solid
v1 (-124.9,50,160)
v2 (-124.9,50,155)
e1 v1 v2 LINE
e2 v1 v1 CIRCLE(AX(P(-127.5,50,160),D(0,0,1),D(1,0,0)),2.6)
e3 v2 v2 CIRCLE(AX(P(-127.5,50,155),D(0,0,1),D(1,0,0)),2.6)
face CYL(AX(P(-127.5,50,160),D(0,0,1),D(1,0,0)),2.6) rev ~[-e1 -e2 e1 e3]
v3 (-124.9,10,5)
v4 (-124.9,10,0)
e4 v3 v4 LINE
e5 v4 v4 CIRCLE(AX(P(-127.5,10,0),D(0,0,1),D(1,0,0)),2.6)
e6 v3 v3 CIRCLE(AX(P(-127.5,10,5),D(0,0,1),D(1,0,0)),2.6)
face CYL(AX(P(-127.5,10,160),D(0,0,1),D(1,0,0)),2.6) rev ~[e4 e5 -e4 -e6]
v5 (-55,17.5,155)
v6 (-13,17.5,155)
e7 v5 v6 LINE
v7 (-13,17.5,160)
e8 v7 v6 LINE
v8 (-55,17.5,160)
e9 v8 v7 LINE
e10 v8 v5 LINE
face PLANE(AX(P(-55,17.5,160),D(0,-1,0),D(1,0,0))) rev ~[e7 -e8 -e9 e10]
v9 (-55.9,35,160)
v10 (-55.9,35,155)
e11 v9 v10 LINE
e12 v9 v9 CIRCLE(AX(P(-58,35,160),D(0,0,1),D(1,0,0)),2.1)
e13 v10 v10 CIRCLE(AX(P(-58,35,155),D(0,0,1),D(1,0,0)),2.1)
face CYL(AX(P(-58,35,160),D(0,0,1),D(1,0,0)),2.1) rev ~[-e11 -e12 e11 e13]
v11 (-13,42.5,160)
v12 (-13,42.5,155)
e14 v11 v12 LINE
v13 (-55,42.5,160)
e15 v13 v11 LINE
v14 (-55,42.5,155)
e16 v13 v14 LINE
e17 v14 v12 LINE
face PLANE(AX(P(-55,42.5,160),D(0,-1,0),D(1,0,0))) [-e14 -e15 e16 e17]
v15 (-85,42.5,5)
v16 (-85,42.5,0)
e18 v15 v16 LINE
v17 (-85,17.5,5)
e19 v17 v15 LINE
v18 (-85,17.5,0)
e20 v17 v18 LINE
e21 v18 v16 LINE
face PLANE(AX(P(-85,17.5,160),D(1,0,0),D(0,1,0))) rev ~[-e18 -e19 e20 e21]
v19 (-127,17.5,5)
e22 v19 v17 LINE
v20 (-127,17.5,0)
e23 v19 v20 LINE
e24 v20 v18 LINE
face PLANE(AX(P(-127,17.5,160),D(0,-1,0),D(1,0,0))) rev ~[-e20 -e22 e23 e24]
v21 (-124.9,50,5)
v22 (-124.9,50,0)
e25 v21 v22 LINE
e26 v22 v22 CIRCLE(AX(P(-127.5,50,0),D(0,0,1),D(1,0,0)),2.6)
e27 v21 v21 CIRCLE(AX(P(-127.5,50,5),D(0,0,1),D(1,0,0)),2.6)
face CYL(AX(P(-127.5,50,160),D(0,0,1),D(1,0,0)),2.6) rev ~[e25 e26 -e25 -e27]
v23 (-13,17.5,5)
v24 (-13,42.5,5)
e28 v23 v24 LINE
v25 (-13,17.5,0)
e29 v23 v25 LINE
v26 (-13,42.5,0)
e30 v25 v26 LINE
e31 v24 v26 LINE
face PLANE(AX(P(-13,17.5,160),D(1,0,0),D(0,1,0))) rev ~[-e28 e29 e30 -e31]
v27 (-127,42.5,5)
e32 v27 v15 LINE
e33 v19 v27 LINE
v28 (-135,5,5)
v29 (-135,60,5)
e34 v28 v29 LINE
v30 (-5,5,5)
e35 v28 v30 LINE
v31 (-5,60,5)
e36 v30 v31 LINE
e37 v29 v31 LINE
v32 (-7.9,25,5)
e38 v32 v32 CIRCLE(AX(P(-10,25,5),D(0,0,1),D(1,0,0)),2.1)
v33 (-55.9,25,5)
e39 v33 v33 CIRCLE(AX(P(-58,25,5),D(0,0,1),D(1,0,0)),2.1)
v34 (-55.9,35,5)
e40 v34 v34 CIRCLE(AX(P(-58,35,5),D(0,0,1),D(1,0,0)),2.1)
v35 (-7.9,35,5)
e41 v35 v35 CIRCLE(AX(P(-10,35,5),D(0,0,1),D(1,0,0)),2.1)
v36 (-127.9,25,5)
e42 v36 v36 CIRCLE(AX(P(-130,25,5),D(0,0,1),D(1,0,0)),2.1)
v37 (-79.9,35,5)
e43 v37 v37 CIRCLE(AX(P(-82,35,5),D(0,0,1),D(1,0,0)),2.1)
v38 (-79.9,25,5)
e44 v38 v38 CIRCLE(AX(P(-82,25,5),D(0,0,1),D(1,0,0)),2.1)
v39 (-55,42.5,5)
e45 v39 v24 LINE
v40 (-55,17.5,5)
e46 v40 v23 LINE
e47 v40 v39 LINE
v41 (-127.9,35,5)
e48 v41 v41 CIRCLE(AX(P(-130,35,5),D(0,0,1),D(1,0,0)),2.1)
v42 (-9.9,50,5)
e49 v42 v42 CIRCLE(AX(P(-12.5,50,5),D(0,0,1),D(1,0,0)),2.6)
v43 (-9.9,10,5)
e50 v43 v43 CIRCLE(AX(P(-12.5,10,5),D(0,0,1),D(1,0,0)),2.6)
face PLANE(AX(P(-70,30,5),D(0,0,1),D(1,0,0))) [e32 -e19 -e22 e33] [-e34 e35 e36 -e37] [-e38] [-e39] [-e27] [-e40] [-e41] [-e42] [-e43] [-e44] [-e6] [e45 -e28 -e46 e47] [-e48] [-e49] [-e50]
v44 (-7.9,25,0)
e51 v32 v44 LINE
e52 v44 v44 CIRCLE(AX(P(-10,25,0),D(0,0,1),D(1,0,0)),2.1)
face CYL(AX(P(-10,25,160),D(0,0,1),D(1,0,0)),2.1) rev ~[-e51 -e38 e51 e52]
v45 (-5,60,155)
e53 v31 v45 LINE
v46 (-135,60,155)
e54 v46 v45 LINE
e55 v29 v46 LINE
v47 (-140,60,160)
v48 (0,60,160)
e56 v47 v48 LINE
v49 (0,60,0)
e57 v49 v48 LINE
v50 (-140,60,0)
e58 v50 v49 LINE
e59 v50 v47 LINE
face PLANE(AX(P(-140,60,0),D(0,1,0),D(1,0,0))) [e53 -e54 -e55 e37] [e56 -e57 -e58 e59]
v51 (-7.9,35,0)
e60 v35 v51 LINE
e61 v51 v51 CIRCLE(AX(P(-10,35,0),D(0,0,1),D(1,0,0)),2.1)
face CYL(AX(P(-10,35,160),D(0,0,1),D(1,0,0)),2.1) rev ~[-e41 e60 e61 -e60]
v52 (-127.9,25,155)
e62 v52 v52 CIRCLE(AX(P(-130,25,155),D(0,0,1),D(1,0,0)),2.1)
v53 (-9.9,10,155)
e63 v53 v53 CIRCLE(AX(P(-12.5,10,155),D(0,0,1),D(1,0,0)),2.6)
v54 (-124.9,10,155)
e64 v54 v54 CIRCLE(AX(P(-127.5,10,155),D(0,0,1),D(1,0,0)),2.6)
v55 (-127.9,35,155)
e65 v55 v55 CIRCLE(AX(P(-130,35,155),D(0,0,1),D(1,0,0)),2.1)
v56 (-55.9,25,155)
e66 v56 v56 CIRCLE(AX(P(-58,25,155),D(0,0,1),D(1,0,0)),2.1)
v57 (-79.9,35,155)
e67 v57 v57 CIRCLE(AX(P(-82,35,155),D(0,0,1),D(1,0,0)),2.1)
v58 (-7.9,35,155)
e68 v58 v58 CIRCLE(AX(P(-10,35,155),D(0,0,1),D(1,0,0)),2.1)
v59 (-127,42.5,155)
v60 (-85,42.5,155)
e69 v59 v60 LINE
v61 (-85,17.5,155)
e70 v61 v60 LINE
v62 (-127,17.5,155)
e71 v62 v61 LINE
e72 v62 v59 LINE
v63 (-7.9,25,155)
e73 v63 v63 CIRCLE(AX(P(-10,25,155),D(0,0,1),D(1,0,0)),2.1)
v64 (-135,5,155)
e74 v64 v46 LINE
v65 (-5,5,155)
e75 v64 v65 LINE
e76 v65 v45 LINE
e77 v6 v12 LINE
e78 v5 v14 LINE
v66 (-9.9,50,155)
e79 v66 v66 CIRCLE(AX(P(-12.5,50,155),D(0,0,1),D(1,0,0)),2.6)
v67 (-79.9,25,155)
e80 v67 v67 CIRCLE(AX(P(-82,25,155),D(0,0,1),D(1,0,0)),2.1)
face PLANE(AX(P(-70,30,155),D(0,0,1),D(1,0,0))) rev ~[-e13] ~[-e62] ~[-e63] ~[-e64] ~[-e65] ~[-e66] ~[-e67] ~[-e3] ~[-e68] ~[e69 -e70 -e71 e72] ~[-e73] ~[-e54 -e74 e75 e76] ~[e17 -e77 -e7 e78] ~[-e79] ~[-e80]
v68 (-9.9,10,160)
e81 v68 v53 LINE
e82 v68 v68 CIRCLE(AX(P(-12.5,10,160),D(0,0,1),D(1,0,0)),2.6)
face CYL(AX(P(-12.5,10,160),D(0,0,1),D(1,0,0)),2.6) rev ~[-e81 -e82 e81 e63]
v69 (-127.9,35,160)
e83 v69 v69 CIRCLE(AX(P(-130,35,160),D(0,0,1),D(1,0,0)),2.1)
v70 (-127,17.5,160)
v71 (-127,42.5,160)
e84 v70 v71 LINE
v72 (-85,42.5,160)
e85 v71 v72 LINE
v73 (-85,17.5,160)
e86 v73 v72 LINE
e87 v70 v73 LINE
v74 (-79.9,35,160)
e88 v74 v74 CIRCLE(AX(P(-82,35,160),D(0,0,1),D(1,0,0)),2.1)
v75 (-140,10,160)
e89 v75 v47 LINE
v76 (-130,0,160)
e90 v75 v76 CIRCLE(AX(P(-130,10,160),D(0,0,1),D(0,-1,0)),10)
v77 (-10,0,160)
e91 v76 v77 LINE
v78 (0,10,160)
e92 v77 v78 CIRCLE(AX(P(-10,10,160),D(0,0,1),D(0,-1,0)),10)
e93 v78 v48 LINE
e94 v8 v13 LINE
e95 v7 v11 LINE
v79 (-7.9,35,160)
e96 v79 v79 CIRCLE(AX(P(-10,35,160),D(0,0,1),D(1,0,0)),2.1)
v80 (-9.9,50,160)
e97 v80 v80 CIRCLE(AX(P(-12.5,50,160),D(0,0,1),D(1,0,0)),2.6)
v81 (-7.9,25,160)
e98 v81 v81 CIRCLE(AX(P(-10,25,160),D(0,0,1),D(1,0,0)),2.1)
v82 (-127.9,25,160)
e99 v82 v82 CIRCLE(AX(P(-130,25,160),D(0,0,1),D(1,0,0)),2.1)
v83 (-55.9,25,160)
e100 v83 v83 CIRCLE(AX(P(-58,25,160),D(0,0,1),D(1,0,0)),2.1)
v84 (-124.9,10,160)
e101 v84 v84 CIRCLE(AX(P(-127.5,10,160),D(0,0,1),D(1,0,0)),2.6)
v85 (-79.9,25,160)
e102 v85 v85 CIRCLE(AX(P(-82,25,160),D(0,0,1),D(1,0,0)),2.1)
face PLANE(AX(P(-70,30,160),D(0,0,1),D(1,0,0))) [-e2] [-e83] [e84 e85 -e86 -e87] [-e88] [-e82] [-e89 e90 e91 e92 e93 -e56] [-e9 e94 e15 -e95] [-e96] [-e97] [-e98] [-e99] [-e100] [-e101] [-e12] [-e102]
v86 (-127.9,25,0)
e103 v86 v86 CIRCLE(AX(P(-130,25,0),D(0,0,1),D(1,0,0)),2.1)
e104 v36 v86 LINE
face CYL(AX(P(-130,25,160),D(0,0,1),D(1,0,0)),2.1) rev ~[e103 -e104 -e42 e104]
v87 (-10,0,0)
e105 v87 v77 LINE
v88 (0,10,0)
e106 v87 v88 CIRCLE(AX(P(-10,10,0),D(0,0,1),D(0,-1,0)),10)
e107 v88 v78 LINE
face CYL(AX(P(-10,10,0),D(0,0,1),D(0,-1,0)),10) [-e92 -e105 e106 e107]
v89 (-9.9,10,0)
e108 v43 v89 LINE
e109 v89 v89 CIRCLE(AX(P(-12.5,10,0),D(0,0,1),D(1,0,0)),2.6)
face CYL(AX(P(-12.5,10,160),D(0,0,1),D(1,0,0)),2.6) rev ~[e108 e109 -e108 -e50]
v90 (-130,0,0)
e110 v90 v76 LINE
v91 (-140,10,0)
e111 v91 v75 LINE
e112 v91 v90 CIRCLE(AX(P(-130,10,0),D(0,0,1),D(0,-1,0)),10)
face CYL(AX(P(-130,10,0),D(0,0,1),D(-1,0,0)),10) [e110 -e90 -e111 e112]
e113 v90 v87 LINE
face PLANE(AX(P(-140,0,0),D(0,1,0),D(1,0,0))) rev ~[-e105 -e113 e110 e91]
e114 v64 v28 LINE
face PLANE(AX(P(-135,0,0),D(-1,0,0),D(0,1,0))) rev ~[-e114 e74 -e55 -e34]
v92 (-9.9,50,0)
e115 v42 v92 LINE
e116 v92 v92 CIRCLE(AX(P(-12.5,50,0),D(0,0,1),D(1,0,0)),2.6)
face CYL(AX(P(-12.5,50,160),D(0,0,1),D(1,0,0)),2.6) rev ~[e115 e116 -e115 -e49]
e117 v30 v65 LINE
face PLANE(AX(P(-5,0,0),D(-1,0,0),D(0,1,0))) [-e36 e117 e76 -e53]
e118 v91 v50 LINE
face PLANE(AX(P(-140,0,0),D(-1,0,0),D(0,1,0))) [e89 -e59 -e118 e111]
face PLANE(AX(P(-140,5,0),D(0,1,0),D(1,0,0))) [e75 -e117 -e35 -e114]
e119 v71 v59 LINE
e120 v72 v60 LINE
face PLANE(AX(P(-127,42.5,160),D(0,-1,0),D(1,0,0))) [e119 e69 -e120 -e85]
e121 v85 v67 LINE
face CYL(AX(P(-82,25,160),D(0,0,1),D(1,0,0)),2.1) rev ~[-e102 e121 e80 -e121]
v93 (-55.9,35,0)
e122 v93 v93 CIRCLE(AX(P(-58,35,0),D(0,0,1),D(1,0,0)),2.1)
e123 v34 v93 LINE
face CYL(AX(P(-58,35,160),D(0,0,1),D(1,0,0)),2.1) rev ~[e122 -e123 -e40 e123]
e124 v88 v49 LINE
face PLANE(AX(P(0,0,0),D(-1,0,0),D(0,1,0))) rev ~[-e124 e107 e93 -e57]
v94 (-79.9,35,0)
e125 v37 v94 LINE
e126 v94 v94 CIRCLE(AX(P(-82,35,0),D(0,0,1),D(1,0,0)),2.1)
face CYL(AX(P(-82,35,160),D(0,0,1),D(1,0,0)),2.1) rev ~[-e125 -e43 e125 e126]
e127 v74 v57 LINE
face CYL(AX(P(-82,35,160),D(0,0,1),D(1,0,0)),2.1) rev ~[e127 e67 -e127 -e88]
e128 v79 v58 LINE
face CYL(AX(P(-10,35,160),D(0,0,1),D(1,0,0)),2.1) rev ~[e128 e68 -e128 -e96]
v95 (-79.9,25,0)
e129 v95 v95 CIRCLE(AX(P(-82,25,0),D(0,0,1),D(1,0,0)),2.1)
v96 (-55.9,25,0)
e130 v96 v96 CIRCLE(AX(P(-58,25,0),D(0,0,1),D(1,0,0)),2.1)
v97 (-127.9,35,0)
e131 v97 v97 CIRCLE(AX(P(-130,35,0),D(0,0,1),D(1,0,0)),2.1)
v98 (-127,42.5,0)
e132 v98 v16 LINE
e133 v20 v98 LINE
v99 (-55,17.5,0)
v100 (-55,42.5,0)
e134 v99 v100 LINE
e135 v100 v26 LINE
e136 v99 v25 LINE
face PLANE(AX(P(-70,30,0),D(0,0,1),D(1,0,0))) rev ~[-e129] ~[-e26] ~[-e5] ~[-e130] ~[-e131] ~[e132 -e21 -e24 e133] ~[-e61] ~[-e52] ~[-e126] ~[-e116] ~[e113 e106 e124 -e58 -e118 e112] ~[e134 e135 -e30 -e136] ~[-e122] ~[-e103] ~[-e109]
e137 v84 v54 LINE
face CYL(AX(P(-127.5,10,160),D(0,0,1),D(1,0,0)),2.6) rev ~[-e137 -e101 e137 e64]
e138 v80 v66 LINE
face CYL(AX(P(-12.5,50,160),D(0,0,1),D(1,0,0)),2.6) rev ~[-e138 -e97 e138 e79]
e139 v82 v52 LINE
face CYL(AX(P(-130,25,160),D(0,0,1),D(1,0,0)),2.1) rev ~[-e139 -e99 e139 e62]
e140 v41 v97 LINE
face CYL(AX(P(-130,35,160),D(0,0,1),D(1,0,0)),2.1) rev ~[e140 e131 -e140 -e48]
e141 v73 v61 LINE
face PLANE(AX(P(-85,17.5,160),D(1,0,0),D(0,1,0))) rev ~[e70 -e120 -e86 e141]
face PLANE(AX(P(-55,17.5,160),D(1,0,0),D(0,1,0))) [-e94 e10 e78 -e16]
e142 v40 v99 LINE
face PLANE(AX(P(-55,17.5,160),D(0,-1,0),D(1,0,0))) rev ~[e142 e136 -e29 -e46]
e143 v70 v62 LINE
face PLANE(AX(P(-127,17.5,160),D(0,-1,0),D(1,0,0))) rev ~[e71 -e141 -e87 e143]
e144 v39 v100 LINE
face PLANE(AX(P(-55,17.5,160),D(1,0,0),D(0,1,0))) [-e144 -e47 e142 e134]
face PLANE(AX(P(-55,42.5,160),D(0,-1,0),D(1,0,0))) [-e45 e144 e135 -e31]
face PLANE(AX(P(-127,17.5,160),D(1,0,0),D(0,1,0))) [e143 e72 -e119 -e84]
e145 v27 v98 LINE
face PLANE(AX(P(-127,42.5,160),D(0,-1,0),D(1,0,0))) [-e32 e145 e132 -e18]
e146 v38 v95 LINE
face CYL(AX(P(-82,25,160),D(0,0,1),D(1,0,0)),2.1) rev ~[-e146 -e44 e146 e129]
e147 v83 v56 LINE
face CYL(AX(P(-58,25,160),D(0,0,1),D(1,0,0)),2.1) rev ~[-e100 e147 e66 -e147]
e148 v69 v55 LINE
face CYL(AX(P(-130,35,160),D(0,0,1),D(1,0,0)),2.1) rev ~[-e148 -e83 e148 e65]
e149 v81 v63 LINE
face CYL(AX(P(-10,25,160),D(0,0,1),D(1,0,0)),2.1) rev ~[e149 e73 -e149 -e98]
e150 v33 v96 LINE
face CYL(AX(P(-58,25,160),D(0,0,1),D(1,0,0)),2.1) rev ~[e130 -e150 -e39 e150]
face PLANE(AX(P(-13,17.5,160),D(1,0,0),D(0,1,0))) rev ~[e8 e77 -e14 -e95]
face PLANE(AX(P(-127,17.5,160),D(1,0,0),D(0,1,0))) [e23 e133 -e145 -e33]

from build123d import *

# Parameters (mm, degrees)
SKETCH1_W           = 140
SKETCH1_H           = 60
BOSS_EXTRUDE1_DEPTH = 160
SHELL1_T            = -5
SKETCH2_R           = 2.6
SKETCH2_R_2         = 2.1
SKETCH2_W           = 42
SKETCH2_H           = 25
CUT_EXTRUDE1_DEPTH  = 161
FILLET1_R           = 10


with BuildPart() as part:
    # Sketch1 → Boss-Extrude1 (new body)
    with BuildSketch(Plane.XY):
        with Locations((-70, 30)):
            Rectangle(SKETCH1_W, SKETCH1_H)
    extrude(amount=BOSS_EXTRUDE1_DEPTH)

    # Shell1
    shell1_openings = [part.faces().sort_by_distance(p)[0] for p in [
        (-70, 60, 80),
    ]]
    offset(amount=SHELL1_T, openings=shell1_openings, kind=Kind.INTERSECTION)

    # Sketch2 → Cut-Extrude1 (cut, through all)
    with BuildSketch(Plane.XY.offset(160)):
        with Locations((-127.5, 50)):
            Circle(SKETCH2_R)
        with Locations((-127.5, 10)):
            Circle(SKETCH2_R)
        with Locations((-12.5, 10)):
            Circle(SKETCH2_R)
        with Locations((-12.5, 50)):
            Circle(SKETCH2_R)
        with Locations((-130, 35)):
            Circle(SKETCH2_R_2)
        with Locations((-130, 25)):
            Circle(SKETCH2_R_2)
        with Locations((-82, 25)):
            Circle(SKETCH2_R_2)
        with Locations((-82, 35)):
            Circle(SKETCH2_R_2)
        with Locations((-58, 25)):
            Circle(SKETCH2_R_2)
        with Locations((-58, 35)):
            Circle(SKETCH2_R_2)
        with Locations((-10, 25)):
            Circle(SKETCH2_R_2)
        with Locations((-10, 35)):
            Circle(SKETCH2_R_2)
        with Locations((-106, 30)):
            Rectangle(SKETCH2_W, SKETCH2_H)
        with Locations((-34, 30)):
            Rectangle(SKETCH2_W, SKETCH2_H)
    extrude(amount=-CUT_EXTRUDE1_DEPTH, mode=Mode.SUBTRACT)

    # Fillet1
    fillet1_edges = [part.edges().sort_by_distance(p)[0] for p in [
        (0, 0, 80),
        (-140, 0, 80),
    ]]
    fillet(fillet1_edges, radius=FILLET1_R)


solid = part.part
